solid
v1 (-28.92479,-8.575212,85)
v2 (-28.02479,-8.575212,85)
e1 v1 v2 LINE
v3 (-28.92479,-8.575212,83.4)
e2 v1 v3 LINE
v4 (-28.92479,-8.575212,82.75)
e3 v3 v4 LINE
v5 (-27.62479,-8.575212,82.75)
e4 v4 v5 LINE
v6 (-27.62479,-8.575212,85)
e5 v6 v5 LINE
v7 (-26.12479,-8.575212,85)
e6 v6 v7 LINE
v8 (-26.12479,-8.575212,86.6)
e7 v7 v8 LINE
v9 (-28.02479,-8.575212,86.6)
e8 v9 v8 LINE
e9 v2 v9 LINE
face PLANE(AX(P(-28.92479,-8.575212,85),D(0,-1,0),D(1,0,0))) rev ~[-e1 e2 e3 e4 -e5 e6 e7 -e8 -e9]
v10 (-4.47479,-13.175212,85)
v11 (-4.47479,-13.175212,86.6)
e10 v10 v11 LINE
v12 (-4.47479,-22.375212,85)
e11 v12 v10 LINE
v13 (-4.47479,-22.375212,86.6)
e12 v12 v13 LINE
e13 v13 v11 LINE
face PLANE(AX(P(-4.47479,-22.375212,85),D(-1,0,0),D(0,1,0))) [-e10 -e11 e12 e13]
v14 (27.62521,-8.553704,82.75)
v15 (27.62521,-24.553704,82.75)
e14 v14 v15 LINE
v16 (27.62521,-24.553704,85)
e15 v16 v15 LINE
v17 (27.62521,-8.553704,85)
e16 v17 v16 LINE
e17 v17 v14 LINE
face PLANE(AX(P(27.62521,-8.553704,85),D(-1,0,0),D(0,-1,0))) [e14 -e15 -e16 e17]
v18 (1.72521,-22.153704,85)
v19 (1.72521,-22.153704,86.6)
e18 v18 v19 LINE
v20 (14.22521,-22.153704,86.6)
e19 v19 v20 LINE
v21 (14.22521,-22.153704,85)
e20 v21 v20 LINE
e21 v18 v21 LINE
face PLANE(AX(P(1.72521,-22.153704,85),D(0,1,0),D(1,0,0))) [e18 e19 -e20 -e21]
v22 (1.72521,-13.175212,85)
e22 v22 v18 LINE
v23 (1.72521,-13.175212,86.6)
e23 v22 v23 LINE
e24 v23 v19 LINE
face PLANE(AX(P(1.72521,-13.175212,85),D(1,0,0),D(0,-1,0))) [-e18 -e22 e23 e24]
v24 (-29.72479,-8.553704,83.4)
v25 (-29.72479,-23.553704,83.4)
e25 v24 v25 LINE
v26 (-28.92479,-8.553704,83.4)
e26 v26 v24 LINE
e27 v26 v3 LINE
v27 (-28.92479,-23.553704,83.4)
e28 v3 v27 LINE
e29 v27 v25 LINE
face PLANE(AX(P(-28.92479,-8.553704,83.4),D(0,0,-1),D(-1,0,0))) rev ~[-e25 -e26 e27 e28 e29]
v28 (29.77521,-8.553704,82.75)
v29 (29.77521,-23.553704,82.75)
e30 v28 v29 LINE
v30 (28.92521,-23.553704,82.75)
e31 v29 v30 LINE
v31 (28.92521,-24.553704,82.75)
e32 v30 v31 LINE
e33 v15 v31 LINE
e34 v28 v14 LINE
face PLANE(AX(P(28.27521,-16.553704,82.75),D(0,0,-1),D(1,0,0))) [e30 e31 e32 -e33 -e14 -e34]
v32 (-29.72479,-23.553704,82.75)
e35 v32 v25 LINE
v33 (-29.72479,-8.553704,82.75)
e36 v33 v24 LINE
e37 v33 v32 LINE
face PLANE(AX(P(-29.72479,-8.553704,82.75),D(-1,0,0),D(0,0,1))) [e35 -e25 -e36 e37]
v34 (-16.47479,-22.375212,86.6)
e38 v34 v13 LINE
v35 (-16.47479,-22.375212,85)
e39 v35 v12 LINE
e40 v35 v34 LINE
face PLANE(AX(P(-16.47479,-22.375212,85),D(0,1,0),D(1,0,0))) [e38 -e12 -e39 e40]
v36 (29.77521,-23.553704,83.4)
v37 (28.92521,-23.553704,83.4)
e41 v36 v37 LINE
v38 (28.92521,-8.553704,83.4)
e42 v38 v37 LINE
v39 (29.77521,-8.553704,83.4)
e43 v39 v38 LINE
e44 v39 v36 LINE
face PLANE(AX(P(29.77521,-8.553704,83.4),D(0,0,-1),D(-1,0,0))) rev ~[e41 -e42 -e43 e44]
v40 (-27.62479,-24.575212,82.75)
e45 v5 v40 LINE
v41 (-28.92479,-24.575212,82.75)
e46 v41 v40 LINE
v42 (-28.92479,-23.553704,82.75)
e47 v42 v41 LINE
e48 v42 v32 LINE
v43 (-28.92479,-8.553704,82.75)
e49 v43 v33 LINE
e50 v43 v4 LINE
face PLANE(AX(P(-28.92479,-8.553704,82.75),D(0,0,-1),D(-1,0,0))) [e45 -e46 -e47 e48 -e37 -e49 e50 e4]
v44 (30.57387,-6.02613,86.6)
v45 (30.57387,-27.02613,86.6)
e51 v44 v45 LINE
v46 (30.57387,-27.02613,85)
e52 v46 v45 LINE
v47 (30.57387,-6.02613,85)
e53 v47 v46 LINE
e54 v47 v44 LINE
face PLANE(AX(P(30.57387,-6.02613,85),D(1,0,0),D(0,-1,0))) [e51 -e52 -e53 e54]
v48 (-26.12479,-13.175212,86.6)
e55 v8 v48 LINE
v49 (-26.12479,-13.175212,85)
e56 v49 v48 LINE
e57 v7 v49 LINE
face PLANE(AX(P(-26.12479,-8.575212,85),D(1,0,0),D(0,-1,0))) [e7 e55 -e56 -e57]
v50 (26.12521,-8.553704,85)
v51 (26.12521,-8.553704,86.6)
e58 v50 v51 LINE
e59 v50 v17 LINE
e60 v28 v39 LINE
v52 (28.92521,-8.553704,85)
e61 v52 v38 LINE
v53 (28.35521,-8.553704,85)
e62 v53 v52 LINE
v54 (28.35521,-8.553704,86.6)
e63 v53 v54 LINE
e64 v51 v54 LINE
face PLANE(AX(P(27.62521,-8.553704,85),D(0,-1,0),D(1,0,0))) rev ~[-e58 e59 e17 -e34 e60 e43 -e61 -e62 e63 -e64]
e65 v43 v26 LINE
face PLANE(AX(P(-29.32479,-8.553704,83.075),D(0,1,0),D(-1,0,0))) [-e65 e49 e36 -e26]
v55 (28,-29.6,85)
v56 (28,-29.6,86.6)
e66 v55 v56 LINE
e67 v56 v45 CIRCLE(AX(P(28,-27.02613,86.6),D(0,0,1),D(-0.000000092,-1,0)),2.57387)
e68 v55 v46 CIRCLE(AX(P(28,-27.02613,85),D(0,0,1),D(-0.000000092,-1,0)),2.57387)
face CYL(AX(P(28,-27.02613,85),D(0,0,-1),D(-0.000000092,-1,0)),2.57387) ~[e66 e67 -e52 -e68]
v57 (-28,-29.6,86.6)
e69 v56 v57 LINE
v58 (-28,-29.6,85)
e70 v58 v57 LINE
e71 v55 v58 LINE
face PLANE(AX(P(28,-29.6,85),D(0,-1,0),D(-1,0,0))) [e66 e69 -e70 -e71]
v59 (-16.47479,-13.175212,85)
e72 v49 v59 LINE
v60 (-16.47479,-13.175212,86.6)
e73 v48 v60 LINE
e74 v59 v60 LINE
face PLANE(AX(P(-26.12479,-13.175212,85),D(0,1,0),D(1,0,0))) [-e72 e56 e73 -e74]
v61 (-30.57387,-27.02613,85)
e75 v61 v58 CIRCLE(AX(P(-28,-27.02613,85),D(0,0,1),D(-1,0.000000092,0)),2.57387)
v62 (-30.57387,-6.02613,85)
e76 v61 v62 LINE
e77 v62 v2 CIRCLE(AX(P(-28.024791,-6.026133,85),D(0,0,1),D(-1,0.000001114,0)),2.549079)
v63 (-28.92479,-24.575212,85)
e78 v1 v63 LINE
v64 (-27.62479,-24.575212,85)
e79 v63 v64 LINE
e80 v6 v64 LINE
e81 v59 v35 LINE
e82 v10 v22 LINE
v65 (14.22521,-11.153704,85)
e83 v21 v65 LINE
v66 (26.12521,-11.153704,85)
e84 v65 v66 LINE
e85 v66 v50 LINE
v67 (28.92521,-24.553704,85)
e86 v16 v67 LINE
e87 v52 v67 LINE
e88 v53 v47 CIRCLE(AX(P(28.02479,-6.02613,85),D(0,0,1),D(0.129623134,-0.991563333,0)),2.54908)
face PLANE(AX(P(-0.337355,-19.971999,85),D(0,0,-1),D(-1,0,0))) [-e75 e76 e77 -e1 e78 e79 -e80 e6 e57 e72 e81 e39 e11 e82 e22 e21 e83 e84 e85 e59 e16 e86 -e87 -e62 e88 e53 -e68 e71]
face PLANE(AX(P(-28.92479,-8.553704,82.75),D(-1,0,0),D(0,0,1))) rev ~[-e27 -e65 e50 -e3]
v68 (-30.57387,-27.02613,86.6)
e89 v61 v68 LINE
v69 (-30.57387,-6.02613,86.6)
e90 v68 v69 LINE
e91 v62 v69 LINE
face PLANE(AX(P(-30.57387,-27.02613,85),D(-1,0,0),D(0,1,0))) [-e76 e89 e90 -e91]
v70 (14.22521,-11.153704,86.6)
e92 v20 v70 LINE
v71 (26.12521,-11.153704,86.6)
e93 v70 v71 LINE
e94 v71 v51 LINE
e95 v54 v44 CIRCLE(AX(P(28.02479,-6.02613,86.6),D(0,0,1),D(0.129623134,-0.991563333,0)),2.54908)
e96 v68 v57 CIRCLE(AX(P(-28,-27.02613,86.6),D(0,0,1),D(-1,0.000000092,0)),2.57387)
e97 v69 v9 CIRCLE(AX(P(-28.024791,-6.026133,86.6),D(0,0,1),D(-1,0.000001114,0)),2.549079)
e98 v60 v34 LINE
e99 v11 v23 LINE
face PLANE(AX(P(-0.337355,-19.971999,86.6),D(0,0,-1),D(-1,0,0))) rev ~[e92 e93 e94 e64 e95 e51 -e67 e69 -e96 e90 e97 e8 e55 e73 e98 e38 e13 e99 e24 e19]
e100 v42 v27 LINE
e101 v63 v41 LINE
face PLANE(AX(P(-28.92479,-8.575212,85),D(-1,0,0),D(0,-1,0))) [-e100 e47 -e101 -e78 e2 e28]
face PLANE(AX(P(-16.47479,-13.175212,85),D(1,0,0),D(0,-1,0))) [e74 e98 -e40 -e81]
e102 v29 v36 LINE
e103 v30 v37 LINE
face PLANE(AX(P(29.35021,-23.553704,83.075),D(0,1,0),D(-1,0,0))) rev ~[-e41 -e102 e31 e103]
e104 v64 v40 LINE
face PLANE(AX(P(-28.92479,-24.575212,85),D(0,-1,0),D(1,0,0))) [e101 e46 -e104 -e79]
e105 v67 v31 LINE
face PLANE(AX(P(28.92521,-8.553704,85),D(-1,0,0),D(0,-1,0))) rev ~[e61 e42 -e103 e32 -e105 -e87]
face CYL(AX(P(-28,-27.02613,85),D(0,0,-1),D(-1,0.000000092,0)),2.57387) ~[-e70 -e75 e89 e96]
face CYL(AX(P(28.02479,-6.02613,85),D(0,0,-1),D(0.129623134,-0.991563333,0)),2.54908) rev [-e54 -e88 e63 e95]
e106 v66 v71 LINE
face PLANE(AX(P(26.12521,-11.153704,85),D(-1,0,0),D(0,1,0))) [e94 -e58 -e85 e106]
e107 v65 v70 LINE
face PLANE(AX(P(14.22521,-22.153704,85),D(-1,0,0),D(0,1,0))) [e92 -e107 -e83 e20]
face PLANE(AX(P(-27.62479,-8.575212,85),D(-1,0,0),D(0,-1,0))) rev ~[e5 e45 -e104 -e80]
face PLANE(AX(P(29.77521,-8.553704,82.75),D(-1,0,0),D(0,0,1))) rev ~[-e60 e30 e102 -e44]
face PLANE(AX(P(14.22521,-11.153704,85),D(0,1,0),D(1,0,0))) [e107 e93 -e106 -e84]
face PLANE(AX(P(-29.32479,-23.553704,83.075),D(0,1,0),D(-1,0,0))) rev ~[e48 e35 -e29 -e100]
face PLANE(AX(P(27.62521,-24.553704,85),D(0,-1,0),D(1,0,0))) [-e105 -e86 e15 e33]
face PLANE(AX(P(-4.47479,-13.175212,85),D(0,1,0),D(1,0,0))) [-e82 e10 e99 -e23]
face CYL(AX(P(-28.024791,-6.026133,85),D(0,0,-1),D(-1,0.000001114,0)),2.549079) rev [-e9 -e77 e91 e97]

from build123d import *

# Parameters (mm, degrees)
PAD003_DEPTH  = 1.6
SKETCH011_W   = 1.3
SKETCH011_H   = 16
PAD004_DEPTH  = 2.25
SKETCH012_W   = 0.8
SKETCH012_H   = 0.65
SKETCH012_W_2 = 0.85
PAD005_DEPTH  = 15


with BuildPart() as part:
    # Sketch008 → Pad003 (new body)
    with BuildSketch(Plane.XY.offset(85)):
        with BuildLine():
            Line((30.57387, -6.02613), (30.57387, -27.02613))
            ThreePointArc((28, -29.6), (29.820001, -28.846131), (30.57387, -27.02613))
            Line((28, -29.6), (-28, -29.6))
            ThreePointArc((-30.57387, -27.02613), (-29.820001, -28.846131), (-28, -29.6))
            Line((-30.57387, -27.02613), (-30.57387, -6.02613))
            ThreePointArc((-30.57387, -6.02613), (-29.827263, -7.828603), (-28.02479, -8.575212))
            Line((-28.02479, -8.575212), (-26.12479, -8.575212))
            Line((-26.12479, -8.575212), (-26.12479, -13.175212))
            Line((-26.12479, -13.175212), (-16.47479, -13.175212))
            Line((-16.47479, -13.175212), (-16.47479, -22.375212))
            Line((-16.47479, -22.375212), (-4.47479, -22.375212))
            Line((-4.47479, -22.375212), (-4.47479, -13.175212))
            Line((-4.47479, -13.175212), (1.72521, -13.175212))
            Line((1.72521, -13.175212), (1.72521, -22.153704))
            Line((1.72521, -22.153704), (14.22521, -22.153704))
            Line((14.22521, -22.153704), (14.22521, -11.153704))
            Line((14.22521, -11.153704), (26.12521, -11.153704))
            Line((26.12521, -11.153704), (26.12521, -8.553704))
            Line((26.12521, -8.553704), (28.35521, -8.553704))
            ThreePointArc((28.35521, -8.553704), (29.940524, -7.707728), (30.57387, -6.02613))
        make_face()
    extrude(amount=PAD003_DEPTH)

    # Sketch011 → Pad004 (new body)
    with BuildSketch(Plane(origin=(0, 0, 85), x_dir=(1, 0, 0), z_dir=(0, 0, -1))):
        with Locations((-28.27479, 16.575212)):
            Rectangle(SKETCH011_W, SKETCH011_H)
        with Locations((28.27521, 16.553704)):
            Rectangle(SKETCH011_W, SKETCH011_H)
    extrude(amount=PAD004_DEPTH)

    # Sketch012 → Pad005 (new body)
    with BuildSketch(Plane(origin=(0, -8.553704, 85), x_dir=(-1, 0, 0), z_dir=(0, 1, 0))):
        with Locations((29.32479, -1.925)):
            Rectangle(SKETCH012_W, SKETCH012_H)
        with Locations((-29.35021, -1.925)):
            Rectangle(SKETCH012_W_2, SKETCH012_H)
    extrude(amount=-PAD005_DEPTH)


solid = part.part
